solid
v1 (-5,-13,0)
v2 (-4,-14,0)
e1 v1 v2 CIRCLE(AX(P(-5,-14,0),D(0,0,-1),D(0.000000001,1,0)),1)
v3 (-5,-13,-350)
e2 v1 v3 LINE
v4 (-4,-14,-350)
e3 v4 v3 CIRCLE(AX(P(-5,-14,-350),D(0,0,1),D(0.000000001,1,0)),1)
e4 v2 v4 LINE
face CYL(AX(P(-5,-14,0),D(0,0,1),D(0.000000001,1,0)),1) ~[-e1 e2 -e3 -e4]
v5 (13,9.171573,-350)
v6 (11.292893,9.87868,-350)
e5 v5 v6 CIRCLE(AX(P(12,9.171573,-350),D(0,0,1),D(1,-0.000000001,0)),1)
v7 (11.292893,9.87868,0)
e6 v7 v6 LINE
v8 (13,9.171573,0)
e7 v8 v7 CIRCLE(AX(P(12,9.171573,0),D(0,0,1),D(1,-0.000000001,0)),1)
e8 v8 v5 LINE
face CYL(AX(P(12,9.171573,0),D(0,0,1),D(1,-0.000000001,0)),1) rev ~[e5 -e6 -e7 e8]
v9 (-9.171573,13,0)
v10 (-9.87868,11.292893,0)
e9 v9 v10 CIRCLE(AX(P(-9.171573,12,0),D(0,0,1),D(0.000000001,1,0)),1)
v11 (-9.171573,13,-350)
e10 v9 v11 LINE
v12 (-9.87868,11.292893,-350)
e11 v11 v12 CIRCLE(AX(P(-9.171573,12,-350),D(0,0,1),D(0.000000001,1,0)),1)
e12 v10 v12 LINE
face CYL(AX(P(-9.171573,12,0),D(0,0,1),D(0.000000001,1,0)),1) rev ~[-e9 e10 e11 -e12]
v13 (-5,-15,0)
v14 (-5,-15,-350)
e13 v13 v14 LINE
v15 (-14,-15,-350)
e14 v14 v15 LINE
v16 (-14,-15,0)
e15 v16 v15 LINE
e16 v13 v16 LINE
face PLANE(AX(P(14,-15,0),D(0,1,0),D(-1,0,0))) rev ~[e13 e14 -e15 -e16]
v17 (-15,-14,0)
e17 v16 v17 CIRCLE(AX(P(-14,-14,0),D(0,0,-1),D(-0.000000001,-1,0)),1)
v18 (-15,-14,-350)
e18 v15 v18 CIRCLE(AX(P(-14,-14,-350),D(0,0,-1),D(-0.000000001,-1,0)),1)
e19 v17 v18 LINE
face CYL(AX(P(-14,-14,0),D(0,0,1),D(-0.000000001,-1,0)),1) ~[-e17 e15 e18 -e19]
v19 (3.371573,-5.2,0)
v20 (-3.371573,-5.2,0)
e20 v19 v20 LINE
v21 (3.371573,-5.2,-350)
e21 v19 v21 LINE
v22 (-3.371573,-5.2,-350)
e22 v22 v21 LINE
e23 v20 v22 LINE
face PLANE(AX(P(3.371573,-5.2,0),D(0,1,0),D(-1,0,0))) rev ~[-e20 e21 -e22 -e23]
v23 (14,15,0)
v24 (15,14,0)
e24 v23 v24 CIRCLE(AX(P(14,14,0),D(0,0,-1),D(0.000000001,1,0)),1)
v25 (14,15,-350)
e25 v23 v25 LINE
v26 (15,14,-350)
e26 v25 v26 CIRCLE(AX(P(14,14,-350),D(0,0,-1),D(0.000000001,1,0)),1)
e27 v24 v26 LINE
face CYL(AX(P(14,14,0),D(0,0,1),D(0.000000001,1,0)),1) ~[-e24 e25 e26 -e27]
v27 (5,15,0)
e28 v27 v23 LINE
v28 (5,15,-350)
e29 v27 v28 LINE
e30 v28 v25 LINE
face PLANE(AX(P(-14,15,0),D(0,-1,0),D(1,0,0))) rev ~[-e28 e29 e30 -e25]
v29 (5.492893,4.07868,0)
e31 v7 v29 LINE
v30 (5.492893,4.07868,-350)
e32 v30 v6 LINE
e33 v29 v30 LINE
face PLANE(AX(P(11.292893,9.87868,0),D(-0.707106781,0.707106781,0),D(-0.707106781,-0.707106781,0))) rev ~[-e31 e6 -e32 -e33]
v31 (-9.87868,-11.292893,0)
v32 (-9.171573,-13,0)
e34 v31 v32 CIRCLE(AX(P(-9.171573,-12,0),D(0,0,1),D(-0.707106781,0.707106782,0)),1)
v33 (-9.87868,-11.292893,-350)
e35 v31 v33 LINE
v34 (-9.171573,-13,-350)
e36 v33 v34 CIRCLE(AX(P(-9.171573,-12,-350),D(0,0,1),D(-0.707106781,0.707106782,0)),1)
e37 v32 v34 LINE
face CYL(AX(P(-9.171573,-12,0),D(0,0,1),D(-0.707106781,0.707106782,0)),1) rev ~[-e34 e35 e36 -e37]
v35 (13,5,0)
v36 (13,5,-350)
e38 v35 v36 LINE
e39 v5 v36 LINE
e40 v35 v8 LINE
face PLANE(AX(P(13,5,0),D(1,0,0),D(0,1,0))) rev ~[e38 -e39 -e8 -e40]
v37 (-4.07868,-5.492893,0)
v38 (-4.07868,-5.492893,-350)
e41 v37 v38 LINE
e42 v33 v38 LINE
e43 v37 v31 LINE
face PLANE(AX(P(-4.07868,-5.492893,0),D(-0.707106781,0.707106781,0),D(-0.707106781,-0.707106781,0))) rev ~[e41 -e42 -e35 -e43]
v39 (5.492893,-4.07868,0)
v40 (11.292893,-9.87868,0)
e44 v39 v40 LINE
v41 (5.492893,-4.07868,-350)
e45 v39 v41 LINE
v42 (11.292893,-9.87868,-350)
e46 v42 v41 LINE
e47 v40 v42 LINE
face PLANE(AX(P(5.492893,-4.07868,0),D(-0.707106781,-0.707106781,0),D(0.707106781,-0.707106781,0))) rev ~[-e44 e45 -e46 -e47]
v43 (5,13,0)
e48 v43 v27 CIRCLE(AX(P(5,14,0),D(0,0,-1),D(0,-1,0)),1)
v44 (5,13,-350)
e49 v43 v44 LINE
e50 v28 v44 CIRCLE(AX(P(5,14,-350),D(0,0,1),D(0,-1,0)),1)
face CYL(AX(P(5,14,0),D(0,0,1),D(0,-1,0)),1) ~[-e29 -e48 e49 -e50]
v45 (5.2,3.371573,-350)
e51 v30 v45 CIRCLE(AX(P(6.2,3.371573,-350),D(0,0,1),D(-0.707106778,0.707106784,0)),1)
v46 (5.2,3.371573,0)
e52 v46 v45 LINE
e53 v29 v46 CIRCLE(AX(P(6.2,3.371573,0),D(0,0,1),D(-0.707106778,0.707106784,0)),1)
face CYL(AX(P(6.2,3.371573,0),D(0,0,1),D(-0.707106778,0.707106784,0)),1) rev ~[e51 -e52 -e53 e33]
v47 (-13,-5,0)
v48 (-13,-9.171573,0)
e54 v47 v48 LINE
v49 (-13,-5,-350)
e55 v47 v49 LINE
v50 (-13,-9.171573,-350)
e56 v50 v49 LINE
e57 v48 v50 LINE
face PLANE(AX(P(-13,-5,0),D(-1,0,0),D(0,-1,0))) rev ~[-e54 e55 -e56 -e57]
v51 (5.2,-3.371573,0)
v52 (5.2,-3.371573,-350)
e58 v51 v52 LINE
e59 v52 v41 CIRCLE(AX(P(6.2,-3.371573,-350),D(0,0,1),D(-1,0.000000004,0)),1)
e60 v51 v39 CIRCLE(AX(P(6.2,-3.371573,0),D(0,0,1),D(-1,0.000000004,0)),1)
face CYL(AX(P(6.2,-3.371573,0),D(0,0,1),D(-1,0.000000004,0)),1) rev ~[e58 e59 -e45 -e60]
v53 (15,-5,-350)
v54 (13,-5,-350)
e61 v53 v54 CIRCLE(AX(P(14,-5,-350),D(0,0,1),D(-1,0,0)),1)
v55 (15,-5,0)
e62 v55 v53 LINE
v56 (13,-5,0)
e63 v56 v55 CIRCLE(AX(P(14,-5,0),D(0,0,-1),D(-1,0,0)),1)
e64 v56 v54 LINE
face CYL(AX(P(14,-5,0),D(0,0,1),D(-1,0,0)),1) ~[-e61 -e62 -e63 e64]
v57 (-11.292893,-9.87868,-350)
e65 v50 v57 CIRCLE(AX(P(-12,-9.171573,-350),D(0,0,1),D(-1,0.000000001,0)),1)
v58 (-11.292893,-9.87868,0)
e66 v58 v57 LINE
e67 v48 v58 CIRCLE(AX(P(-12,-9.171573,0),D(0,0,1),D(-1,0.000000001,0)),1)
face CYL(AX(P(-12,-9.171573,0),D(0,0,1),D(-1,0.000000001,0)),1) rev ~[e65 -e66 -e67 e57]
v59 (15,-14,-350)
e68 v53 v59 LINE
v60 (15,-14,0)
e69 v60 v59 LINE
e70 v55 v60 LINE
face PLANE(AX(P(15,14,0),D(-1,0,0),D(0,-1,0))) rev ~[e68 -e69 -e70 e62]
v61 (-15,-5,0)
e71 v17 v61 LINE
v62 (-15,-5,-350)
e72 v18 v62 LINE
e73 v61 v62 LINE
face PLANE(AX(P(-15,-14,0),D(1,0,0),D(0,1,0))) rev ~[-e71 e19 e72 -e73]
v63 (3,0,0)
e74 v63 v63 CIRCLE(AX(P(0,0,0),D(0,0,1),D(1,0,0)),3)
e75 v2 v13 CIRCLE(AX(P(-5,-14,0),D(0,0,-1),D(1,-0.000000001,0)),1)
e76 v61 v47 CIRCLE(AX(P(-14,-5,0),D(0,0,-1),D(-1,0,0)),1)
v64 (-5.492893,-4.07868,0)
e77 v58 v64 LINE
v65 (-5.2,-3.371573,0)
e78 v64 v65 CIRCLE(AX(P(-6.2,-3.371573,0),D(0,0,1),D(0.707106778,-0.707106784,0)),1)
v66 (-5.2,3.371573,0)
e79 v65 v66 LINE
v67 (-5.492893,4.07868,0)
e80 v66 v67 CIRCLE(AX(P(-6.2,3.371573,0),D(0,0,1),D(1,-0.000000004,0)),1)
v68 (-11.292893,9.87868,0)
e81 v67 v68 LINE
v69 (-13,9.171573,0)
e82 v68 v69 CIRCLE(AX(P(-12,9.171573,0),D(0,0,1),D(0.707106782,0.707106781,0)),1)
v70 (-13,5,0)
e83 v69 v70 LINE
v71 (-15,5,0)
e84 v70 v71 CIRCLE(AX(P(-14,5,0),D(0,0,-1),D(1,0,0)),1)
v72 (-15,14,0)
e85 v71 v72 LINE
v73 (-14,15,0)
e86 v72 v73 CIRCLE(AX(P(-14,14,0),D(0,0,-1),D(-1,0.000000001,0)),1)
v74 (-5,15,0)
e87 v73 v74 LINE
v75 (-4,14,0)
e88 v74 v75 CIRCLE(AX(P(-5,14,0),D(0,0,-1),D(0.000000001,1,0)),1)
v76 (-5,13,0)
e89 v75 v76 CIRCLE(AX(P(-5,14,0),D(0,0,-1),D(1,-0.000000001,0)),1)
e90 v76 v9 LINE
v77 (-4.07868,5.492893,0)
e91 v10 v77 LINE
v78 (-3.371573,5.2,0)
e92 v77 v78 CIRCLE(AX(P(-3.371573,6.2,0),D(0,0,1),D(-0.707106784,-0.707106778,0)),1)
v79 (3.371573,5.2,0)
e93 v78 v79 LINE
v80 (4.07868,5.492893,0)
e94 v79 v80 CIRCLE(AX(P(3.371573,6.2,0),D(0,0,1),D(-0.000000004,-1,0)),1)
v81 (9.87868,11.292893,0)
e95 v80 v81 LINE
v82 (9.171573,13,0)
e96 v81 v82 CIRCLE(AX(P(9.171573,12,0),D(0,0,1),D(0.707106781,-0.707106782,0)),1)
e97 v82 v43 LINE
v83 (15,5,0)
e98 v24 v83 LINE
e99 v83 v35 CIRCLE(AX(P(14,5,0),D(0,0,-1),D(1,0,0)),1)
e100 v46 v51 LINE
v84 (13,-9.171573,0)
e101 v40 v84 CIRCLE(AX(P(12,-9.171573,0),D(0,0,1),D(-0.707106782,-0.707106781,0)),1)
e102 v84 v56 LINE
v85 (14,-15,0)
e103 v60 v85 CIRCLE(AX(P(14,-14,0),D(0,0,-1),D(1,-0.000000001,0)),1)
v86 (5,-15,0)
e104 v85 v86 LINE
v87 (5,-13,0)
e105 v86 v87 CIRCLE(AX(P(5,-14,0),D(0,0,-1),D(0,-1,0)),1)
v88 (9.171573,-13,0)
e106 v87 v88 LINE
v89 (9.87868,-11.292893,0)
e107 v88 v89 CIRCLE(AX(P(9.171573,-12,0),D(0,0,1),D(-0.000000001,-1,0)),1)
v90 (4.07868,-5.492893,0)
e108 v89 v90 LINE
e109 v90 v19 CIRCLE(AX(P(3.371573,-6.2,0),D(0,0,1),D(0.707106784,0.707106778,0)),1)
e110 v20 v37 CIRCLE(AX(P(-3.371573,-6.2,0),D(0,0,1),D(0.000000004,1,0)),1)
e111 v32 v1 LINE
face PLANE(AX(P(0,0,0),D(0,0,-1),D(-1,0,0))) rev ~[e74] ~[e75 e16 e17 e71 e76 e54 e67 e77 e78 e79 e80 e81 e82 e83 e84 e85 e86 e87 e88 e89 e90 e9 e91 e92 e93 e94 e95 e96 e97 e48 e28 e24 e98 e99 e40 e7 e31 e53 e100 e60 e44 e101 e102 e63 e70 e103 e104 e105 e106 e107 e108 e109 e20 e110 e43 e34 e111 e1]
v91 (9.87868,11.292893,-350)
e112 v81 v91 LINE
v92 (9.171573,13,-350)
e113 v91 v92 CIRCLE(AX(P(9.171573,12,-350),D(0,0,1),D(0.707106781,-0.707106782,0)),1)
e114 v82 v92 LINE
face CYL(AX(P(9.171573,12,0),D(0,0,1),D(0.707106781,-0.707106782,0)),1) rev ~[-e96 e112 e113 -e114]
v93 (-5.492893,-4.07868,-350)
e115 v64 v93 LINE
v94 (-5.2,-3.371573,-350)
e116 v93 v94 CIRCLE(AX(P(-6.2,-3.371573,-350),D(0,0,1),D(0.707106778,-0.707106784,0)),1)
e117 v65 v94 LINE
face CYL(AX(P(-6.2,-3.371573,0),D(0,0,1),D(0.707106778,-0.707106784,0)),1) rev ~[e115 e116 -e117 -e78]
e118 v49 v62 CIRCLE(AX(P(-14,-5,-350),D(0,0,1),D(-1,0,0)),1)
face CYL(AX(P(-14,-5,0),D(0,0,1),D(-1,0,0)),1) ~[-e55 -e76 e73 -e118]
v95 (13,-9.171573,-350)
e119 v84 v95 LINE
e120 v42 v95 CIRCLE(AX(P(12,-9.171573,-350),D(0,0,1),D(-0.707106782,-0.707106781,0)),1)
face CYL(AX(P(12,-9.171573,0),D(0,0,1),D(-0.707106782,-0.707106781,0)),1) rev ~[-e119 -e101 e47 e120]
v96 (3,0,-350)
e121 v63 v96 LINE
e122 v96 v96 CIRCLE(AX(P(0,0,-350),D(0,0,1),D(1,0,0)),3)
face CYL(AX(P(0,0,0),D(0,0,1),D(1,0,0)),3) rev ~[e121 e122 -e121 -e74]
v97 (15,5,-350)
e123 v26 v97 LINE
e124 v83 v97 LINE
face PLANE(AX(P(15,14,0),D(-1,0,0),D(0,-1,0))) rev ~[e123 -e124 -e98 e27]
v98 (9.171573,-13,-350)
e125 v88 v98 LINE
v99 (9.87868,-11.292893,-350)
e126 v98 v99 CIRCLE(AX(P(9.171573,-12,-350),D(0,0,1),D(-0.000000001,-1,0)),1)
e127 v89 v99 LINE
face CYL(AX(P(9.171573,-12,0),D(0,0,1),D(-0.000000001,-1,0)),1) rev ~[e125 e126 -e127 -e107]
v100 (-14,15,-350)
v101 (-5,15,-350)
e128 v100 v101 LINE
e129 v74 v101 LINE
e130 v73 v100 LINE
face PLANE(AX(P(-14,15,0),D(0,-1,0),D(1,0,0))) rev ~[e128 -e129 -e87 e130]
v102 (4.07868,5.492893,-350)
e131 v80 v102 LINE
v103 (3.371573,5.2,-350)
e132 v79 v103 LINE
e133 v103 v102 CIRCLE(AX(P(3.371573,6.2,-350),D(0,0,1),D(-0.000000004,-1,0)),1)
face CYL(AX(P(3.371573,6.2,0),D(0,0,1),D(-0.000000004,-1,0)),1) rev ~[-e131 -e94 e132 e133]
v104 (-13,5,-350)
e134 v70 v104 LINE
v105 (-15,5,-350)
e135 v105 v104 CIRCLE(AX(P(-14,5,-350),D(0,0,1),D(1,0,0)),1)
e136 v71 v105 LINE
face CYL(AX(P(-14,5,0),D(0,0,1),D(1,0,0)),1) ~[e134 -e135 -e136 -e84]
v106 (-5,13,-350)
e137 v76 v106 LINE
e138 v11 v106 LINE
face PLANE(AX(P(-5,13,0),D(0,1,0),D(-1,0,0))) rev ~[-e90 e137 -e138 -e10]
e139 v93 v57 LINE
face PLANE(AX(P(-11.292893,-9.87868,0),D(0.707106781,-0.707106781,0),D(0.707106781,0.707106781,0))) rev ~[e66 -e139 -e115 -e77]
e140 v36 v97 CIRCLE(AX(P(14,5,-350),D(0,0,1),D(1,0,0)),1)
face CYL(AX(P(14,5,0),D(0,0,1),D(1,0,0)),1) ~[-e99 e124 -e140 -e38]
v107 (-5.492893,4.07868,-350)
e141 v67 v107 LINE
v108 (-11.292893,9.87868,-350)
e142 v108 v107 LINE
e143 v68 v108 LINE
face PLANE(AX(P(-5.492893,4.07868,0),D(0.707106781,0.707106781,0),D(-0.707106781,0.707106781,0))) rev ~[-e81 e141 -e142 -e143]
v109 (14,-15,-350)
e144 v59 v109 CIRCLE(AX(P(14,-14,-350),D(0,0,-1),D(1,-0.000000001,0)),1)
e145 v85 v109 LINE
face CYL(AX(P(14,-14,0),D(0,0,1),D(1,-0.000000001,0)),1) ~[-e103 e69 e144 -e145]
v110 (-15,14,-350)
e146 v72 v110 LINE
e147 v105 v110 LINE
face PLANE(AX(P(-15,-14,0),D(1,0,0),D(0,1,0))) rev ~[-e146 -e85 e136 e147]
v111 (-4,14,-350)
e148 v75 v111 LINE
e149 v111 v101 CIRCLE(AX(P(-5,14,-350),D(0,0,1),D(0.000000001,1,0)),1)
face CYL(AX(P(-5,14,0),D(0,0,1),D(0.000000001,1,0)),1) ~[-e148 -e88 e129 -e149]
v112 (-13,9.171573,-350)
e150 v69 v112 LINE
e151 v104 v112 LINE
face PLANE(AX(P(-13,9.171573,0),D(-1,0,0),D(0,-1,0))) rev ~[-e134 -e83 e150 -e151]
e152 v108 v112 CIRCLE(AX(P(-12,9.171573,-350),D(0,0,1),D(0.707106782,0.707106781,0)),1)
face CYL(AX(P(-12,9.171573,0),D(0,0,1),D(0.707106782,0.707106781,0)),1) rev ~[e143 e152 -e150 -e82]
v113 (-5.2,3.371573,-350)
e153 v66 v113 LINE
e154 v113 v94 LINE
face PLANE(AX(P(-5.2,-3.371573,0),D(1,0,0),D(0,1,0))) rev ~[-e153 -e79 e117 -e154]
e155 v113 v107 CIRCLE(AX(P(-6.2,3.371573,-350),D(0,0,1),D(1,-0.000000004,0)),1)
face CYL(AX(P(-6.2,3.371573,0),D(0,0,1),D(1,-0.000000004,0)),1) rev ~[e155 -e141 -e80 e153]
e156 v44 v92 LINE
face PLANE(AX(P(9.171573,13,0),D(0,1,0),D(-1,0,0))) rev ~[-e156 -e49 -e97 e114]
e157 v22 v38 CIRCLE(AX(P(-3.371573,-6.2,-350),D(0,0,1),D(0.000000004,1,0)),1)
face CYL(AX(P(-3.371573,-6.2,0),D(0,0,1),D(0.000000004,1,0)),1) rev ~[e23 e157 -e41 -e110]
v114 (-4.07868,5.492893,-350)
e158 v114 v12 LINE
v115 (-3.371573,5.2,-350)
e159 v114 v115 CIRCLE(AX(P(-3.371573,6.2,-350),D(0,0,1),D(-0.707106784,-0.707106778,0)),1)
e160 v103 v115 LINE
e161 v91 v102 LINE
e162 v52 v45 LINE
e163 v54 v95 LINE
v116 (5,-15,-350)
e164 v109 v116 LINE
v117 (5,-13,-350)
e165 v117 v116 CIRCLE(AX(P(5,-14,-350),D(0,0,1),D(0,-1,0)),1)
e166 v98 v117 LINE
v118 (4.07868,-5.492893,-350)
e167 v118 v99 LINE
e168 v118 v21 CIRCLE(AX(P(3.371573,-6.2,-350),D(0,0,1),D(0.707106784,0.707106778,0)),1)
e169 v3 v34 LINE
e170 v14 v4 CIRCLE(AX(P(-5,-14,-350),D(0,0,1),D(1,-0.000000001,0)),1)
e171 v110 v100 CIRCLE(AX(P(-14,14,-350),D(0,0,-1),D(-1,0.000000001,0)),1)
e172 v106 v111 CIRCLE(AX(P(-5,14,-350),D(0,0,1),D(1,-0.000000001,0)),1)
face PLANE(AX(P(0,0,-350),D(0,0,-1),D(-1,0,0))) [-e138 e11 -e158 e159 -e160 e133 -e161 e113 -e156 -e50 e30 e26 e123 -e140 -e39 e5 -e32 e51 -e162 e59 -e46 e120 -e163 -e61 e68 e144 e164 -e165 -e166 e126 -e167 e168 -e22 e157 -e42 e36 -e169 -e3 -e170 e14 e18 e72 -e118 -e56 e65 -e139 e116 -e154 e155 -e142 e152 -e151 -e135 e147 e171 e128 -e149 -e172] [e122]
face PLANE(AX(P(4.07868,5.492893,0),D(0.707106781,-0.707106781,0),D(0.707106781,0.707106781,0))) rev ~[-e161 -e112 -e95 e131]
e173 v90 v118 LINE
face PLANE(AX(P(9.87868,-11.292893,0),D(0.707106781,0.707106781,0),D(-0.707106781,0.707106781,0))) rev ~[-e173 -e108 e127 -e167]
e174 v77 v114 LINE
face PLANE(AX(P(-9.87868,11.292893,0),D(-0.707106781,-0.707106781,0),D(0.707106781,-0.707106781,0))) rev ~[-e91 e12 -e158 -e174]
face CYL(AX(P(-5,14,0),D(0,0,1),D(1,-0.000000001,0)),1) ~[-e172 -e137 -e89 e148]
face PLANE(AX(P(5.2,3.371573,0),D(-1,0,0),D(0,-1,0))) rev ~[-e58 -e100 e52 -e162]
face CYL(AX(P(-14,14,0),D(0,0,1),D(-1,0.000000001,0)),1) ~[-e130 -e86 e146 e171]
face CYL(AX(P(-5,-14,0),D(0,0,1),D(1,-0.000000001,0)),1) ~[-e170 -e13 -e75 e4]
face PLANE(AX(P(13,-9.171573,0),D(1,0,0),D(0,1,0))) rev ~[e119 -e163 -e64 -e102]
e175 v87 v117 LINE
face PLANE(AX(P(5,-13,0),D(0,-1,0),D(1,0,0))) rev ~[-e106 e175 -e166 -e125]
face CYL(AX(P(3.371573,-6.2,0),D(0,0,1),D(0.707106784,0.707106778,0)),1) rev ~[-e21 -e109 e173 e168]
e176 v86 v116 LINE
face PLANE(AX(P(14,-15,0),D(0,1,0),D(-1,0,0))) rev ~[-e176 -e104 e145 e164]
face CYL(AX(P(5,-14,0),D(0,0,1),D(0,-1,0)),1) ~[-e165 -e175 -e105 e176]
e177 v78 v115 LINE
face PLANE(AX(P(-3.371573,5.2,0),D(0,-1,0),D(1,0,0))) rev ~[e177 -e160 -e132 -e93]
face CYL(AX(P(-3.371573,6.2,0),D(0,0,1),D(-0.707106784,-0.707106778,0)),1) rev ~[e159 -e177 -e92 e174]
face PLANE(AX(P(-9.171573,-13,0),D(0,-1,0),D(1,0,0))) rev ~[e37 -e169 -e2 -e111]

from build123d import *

# Parameters (mm, degrees)
SALIENTE_EXTRUIR1_DEPTH = 350
CROQUIS2_R              = 3
CORTAR_EXTRUIR1_DEPTH   = 351.642267846
CORTAR_EXTRUIR3_DEPTH   = 351.642267846


with BuildPart() as part:
    # Croquis1 → Saliente-Extruir1 (new body)
    with BuildSketch(Plane.XY):
        with BuildLine():
            Line((-14, 15), (14, 15))
            ThreePointArc((14, 15), (14.707106781, 14.707106781), (15, 14))
            Line((15, 14), (15, -14))
            ThreePointArc((15, -14), (14.707106781, -14.707106781), (14, -15))
            Line((14, -15), (-14, -15))
            ThreePointArc((-14, -15), (-14.707106781, -14.707106781), (-15, -14))
            Line((-15, -14), (-15, 14))
            ThreePointArc((-15, 14), (-14.707106781, 14.707106781), (-14, 15))
        make_face()
    extrude(amount=-SALIENTE_EXTRUIR1_DEPTH)

    # Croquis2 → Cortar-Extruir1 (cut, through all)
    with BuildSketch(Plane.XY):
        Circle(CROQUIS2_R)
    extrude(amount=-CORTAR_EXTRUIR1_DEPTH, mode=Mode.SUBTRACT)

    # Croquis3 → Cortar-Extruir3 (cut, through all)
    with BuildSketch(Plane.XY):
        with BuildLine():
            Line((-5.492893219, 4.078679656), (-11.292893219, 9.878679656))
            ThreePointArc((-11.292893219, 9.878679656), (-12.382683432, 10.095452408), (-13, 9.171572875))
            Line((-13, 9.171572875), (-13, 5))
            ThreePointArc((-13, 5), (-14, 4), (-15, 5))
            Line((-15, 5), (-15, -5))
            ThreePointArc((-15, -5), (-14, -4), (-13, -5))
            Line((-13, -5), (-13, -9.171572875))
            ThreePointArc((-13, -9.171572875), (-12.382683432, -10.095452408), (-11.292893219, -9.878679656))
            Line((-11.292893219, -9.878679656), (-5.492893219, -4.078679656))
            ThreePointArc((-5.492893219, -4.078679656), (-5.276120467, -3.754256308), (-5.2, -3.371572875))
            Line((-5.2, -3.371572875), (-5.2, 3.371572875))
            ThreePointArc((-5.2, 3.371572875), (-5.276120467, 3.754256308), (-5.492893219, 4.078679656))
        make_face()
        with BuildLine():
            ThreePointArc((-9.171572875, 13), (-10.095452408, 12.382683432), (-9.878679656, 11.292893219))
            Line((-9.878679656, 11.292893219), (-4.078679656, 5.492893219))
            ThreePointArc((-4.078679656, 5.492893219), (-3.754256308, 5.276120467), (-3.371572875, 5.2))
            Line((-3.371572875, 5.2), (3.371572875, 5.2))
            ThreePointArc((3.371572875, 5.2), (3.754256308, 5.276120467), (4.078679656, 5.492893219))
            Line((4.078679656, 5.492893219), (9.878679656, 11.292893219))
            ThreePointArc((9.878679656, 11.292893219), (10.095452408, 12.382683432), (9.171572875, 13))
            Line((9.171572875, 13), (5, 13))
            ThreePointArc((5, 13), (4, 14), (5, 15))
            Line((5, 15), (-5, 15))
            ThreePointArc((-5, 15), (-4.292893219, 14.707106781), (-4, 14))
            ThreePointArc((-4, 14), (-4.292893219, 13.292893219), (-5, 13))
            Line((-5, 13), (-9.171572875, 13))
        make_face()
        with BuildLine():
            Line((9.878679656, -11.292893219), (4.078679656, -5.492893219))
            ThreePointArc((4.078679656, -5.492893219), (3.754256308, -5.276120467), (3.371572875, -5.2))
            Line((3.371572875, -5.2), (-3.371572875, -5.2))
            ThreePointArc((-3.371572875, -5.2), (-3.754256308, -5.276120467), (-4.078679656, -5.492893219))
            Line((-4.078679656, -5.492893219), (-9.878679656, -11.292893219))
            ThreePointArc((-9.878679656, -11.292893219), (-10.095452408, -12.382683432), (-9.171572875, -13))
            Line((-9.171572875, -13), (-5, -13))
            ThreePointArc((-5, -13), (-4.292893219, -13.292893219), (-4, -14))
            ThreePointArc((-4, -14), (-4.292893219, -14.707106781), (-5, -15))
            Line((-5, -15), (5, -15))
            ThreePointArc((5, -15), (4, -14), (5, -13))
            Line((5, -13), (9.171572875, -13))
            ThreePointArc((9.171572875, -13), (10.095452408, -12.382683432), (9.878679656, -11.292893219))
        make_face()
        with BuildLine():
            ThreePointArc((13, 9.171572875), (12.382683432, 10.095452408), (11.292893219, 9.878679656))
            Line((11.292893219, 9.878679656), (5.492893219, 4.078679656))
            ThreePointArc((5.492893219, 4.078679656), (5.276120467, 3.754256308), (5.2, 3.371572875))
            Line((5.2, 3.371572875), (5.2, -3.371572875))
            ThreePointArc((5.2, -3.371572875), (5.276120467, -3.754256308), (5.492893219, -4.078679656))
            Line((5.492893219, -4.078679656), (11.292893219, -9.878679656))
            ThreePointArc((11.292893219, -9.878679656), (12.382683432, -10.095452408), (13, -9.171572875))
            Line((13, -9.171572875), (13, -5))
            ThreePointArc((13, -5), (14, -4), (15, -5))
            Line((15, -5), (15, 5))
            ThreePointArc((15, 5), (14, 4), (13, 5))
            Line((13, 5), (13, 9.171572875))
        make_face()
    extrude(amount=-CORTAR_EXTRUIR3_DEPTH, mode=Mode.SUBTRACT)


solid = part.part
